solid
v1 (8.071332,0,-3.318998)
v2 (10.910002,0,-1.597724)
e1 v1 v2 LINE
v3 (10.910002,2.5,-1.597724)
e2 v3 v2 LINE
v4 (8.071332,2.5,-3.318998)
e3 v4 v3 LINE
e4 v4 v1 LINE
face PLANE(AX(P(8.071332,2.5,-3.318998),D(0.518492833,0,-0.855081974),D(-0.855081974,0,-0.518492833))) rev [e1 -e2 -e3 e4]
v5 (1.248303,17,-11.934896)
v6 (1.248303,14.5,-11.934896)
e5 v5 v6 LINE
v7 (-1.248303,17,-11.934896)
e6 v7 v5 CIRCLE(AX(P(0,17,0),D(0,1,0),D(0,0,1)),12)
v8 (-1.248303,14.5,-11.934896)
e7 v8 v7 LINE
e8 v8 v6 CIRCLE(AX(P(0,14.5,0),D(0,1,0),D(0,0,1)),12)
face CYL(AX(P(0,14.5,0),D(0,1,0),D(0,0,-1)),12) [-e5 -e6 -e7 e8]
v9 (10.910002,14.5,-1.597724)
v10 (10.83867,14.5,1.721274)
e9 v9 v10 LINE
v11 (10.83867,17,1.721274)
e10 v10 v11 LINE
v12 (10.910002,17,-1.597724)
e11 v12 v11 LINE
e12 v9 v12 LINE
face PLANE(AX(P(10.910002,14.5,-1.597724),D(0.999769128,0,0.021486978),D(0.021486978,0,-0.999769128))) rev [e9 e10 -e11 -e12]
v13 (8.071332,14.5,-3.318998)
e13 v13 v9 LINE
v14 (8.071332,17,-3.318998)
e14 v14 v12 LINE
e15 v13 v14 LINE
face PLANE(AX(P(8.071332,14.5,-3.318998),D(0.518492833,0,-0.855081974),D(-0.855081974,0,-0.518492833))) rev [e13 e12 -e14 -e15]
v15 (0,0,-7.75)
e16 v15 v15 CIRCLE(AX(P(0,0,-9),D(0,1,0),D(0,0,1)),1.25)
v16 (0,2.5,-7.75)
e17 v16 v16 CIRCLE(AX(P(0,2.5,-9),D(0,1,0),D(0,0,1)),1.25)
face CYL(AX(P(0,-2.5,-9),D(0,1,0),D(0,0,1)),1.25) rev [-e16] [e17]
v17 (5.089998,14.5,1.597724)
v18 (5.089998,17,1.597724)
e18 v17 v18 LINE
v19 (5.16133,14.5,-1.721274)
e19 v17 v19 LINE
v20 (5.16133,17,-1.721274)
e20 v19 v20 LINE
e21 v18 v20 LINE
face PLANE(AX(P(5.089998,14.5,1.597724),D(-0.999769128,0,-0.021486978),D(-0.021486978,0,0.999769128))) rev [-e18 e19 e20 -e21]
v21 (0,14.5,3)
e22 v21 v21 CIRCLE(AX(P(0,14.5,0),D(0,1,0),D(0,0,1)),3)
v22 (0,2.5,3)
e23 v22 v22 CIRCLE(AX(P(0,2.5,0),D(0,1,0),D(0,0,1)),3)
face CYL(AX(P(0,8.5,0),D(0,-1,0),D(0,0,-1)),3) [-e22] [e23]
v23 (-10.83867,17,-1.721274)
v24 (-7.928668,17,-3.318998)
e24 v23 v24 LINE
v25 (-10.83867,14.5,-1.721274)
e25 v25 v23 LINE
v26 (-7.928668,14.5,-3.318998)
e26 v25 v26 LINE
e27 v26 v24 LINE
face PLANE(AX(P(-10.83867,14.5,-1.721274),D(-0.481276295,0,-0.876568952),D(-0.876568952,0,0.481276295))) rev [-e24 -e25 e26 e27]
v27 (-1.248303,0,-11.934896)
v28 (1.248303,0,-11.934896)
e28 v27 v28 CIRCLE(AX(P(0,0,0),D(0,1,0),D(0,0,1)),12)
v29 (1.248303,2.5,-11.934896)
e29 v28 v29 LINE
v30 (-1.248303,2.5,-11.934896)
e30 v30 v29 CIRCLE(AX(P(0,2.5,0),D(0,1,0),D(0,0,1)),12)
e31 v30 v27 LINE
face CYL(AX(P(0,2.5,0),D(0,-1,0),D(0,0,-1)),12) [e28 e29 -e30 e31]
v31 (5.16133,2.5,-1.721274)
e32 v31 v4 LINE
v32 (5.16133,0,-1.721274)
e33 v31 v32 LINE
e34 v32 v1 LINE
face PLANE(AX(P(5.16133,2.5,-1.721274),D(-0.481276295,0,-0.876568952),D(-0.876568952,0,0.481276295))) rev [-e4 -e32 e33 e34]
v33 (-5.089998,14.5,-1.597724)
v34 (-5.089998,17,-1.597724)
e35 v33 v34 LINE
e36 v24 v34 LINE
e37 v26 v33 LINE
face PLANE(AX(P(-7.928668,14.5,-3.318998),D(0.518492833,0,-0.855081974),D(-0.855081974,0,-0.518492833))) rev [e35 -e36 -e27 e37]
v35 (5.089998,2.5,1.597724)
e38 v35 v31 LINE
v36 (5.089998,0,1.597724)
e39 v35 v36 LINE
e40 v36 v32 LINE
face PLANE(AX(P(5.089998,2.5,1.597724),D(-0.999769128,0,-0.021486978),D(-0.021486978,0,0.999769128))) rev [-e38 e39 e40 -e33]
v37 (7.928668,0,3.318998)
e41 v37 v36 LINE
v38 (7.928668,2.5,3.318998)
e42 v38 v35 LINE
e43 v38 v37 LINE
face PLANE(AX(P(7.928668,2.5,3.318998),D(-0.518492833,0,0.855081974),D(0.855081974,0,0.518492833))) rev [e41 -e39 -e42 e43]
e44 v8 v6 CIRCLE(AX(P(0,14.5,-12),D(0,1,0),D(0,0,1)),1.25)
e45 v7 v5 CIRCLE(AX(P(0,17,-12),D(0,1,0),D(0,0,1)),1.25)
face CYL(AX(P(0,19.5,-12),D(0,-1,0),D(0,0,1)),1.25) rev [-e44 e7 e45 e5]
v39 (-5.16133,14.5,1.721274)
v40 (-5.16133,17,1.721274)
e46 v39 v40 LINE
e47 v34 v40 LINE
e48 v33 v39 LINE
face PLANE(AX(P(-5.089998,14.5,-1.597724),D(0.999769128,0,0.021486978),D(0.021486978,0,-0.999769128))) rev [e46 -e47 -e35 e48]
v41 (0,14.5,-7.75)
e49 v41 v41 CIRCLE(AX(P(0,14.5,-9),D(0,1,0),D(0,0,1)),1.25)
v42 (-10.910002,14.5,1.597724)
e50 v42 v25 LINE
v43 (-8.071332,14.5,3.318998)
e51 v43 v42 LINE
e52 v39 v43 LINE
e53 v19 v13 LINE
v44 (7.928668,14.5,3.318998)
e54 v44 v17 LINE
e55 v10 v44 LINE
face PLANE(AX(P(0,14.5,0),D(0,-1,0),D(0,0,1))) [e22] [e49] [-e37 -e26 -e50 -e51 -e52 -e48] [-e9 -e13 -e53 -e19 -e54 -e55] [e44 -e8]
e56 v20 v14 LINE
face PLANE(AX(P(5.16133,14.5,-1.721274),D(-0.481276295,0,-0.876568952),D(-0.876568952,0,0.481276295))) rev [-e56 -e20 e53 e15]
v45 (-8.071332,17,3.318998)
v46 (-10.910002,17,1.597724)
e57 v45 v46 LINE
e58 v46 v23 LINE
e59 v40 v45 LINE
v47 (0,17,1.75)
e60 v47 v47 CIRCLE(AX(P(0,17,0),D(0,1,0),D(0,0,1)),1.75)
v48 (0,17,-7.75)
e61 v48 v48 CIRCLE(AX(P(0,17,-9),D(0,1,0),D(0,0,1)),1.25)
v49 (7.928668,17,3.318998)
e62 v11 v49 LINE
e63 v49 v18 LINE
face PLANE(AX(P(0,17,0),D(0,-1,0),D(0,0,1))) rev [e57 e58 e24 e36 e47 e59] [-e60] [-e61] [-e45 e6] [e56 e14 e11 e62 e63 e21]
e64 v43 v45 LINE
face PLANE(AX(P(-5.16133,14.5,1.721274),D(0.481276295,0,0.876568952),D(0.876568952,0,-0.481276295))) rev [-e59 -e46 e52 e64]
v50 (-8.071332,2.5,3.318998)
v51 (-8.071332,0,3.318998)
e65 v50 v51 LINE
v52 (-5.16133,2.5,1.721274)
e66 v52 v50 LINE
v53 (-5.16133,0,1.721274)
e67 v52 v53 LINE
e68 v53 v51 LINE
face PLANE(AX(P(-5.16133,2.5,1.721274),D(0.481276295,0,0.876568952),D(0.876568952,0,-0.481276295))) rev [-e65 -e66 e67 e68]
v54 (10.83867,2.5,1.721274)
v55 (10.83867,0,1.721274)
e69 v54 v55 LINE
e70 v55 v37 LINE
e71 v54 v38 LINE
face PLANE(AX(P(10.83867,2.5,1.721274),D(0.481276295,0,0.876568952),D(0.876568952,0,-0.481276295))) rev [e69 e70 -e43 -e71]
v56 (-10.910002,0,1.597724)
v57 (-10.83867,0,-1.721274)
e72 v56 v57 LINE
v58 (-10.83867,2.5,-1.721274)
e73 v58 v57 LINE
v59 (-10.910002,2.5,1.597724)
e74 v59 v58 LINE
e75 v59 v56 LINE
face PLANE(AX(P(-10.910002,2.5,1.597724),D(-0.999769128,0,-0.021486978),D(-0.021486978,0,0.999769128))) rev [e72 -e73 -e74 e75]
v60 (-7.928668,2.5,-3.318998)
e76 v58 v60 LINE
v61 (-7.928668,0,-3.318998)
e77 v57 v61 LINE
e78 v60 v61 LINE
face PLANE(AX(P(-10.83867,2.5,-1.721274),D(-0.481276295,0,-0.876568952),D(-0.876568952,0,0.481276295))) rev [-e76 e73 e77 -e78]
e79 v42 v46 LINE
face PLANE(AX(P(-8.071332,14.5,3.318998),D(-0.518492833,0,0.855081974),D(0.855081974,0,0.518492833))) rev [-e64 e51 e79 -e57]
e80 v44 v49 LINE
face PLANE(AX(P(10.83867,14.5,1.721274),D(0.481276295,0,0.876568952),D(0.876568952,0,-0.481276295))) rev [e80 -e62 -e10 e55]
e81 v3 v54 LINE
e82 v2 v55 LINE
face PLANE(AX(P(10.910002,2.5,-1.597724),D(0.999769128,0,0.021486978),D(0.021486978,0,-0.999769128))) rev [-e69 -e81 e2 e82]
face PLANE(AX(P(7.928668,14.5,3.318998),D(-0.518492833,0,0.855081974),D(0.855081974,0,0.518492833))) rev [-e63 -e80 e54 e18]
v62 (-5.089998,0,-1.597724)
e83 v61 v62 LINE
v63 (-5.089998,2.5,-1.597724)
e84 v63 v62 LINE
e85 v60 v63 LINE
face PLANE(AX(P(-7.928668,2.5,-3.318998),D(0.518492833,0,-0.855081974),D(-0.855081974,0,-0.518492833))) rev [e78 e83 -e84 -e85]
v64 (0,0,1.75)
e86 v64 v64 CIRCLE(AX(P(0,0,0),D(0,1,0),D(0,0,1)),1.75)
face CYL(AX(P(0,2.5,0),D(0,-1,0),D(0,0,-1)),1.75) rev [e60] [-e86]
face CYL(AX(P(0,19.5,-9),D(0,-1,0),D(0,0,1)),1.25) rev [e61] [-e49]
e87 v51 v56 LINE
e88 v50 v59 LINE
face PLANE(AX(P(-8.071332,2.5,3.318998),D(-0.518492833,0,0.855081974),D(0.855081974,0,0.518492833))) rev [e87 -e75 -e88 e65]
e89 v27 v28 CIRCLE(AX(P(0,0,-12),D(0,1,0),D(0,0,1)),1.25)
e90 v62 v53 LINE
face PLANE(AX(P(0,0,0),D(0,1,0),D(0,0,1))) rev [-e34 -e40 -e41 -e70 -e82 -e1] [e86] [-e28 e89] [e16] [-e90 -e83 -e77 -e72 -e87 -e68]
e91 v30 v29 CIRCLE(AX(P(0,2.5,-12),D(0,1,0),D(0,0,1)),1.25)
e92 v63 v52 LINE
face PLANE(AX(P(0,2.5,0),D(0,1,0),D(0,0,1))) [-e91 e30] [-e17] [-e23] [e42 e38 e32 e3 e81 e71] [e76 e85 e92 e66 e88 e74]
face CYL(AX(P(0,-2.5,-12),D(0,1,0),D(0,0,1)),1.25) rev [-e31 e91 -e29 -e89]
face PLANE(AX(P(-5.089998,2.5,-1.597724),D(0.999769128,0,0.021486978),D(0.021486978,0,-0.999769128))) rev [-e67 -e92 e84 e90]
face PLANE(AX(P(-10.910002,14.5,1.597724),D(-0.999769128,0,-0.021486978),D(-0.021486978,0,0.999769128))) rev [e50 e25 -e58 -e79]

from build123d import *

# Parameters (mm, degrees)
SKETCH1_R           = 12
SKETCH1_R_2         = 1.75
BOSS_EXTRUDE1_DEPTH = 2.5
CUT_EXTRUDE3_DEPTH  = 2.5
SKETCH4_R           = 1.25
CUT_EXTRUDE4_DEPTH  = 5
SKETCH2_R           = 3
SKETCH2_R_2         = 1.75
BOSS_EXTRUDE2_DEPTH = 6


with BuildPart() as part:
    # Sketch1 → Boss-Extrude1 (new body)
    with BuildSketch(Plane(origin=(0, 0, 0), x_dir=(1, 0, 0), z_dir=(0, 1, 0))):
        Circle(SKETCH1_R)
        Circle(SKETCH1_R_2, mode=Mode.SUBTRACT)
    extrude(amount=BOSS_EXTRUDE1_DEPTH)

    # Sketch3 → Cut-Extrude3 (cut)
    with BuildSketch(Plane.XZ):
        Polygon((-5.161329605, 1.721273866), (-8.071331697, 3.318997608), (-10.910002092, 1.597723742), (-10.838670395, -1.721273866), (-7.928668303, -3.318997608), (-5.089997908, -1.597723742), align=None)
        Polygon((5.161329605, -1.721273866), (8.071331697, -3.318997608), (10.910002092, -1.597723742), (10.838670395, 1.721273866), (7.928668303, 3.318997608), (5.089997908, 1.597723742), align=None)
    extrude(amount=-CUT_EXTRUDE3_DEPTH, mode=Mode.SUBTRACT)

    # Sketch4 → Cut-Extrude4 (cut)
    with BuildSketch(Plane(origin=(0, 2.5, 0), x_dir=(1, 0, 0), z_dir=(0, 1, 0))):
        with Locations((0, 9)):
            Circle(SKETCH4_R)
        with Locations((0, 12)):
            Circle(SKETCH4_R)
    extrude(amount=-CUT_EXTRUDE4_DEPTH, mode=Mode.SUBTRACT)

    # Sketch2 → Boss-Extrude2 (add)
    with BuildSketch(Plane(origin=(0, 2.5, 0), x_dir=(1, 0, 0), z_dir=(0, 1, 0))):
        Circle(SKETCH2_R)
        Circle(SKETCH2_R_2, mode=Mode.SUBTRACT)
    extrude(amount=BOSS_EXTRUDE2_DEPTH)

    # Mirror7: part across plane


with BuildPart() as part_1:
    add(part.part)
    add(part.part.mirror(Plane.ZX.offset(8.5)))


solid = part_1.part
